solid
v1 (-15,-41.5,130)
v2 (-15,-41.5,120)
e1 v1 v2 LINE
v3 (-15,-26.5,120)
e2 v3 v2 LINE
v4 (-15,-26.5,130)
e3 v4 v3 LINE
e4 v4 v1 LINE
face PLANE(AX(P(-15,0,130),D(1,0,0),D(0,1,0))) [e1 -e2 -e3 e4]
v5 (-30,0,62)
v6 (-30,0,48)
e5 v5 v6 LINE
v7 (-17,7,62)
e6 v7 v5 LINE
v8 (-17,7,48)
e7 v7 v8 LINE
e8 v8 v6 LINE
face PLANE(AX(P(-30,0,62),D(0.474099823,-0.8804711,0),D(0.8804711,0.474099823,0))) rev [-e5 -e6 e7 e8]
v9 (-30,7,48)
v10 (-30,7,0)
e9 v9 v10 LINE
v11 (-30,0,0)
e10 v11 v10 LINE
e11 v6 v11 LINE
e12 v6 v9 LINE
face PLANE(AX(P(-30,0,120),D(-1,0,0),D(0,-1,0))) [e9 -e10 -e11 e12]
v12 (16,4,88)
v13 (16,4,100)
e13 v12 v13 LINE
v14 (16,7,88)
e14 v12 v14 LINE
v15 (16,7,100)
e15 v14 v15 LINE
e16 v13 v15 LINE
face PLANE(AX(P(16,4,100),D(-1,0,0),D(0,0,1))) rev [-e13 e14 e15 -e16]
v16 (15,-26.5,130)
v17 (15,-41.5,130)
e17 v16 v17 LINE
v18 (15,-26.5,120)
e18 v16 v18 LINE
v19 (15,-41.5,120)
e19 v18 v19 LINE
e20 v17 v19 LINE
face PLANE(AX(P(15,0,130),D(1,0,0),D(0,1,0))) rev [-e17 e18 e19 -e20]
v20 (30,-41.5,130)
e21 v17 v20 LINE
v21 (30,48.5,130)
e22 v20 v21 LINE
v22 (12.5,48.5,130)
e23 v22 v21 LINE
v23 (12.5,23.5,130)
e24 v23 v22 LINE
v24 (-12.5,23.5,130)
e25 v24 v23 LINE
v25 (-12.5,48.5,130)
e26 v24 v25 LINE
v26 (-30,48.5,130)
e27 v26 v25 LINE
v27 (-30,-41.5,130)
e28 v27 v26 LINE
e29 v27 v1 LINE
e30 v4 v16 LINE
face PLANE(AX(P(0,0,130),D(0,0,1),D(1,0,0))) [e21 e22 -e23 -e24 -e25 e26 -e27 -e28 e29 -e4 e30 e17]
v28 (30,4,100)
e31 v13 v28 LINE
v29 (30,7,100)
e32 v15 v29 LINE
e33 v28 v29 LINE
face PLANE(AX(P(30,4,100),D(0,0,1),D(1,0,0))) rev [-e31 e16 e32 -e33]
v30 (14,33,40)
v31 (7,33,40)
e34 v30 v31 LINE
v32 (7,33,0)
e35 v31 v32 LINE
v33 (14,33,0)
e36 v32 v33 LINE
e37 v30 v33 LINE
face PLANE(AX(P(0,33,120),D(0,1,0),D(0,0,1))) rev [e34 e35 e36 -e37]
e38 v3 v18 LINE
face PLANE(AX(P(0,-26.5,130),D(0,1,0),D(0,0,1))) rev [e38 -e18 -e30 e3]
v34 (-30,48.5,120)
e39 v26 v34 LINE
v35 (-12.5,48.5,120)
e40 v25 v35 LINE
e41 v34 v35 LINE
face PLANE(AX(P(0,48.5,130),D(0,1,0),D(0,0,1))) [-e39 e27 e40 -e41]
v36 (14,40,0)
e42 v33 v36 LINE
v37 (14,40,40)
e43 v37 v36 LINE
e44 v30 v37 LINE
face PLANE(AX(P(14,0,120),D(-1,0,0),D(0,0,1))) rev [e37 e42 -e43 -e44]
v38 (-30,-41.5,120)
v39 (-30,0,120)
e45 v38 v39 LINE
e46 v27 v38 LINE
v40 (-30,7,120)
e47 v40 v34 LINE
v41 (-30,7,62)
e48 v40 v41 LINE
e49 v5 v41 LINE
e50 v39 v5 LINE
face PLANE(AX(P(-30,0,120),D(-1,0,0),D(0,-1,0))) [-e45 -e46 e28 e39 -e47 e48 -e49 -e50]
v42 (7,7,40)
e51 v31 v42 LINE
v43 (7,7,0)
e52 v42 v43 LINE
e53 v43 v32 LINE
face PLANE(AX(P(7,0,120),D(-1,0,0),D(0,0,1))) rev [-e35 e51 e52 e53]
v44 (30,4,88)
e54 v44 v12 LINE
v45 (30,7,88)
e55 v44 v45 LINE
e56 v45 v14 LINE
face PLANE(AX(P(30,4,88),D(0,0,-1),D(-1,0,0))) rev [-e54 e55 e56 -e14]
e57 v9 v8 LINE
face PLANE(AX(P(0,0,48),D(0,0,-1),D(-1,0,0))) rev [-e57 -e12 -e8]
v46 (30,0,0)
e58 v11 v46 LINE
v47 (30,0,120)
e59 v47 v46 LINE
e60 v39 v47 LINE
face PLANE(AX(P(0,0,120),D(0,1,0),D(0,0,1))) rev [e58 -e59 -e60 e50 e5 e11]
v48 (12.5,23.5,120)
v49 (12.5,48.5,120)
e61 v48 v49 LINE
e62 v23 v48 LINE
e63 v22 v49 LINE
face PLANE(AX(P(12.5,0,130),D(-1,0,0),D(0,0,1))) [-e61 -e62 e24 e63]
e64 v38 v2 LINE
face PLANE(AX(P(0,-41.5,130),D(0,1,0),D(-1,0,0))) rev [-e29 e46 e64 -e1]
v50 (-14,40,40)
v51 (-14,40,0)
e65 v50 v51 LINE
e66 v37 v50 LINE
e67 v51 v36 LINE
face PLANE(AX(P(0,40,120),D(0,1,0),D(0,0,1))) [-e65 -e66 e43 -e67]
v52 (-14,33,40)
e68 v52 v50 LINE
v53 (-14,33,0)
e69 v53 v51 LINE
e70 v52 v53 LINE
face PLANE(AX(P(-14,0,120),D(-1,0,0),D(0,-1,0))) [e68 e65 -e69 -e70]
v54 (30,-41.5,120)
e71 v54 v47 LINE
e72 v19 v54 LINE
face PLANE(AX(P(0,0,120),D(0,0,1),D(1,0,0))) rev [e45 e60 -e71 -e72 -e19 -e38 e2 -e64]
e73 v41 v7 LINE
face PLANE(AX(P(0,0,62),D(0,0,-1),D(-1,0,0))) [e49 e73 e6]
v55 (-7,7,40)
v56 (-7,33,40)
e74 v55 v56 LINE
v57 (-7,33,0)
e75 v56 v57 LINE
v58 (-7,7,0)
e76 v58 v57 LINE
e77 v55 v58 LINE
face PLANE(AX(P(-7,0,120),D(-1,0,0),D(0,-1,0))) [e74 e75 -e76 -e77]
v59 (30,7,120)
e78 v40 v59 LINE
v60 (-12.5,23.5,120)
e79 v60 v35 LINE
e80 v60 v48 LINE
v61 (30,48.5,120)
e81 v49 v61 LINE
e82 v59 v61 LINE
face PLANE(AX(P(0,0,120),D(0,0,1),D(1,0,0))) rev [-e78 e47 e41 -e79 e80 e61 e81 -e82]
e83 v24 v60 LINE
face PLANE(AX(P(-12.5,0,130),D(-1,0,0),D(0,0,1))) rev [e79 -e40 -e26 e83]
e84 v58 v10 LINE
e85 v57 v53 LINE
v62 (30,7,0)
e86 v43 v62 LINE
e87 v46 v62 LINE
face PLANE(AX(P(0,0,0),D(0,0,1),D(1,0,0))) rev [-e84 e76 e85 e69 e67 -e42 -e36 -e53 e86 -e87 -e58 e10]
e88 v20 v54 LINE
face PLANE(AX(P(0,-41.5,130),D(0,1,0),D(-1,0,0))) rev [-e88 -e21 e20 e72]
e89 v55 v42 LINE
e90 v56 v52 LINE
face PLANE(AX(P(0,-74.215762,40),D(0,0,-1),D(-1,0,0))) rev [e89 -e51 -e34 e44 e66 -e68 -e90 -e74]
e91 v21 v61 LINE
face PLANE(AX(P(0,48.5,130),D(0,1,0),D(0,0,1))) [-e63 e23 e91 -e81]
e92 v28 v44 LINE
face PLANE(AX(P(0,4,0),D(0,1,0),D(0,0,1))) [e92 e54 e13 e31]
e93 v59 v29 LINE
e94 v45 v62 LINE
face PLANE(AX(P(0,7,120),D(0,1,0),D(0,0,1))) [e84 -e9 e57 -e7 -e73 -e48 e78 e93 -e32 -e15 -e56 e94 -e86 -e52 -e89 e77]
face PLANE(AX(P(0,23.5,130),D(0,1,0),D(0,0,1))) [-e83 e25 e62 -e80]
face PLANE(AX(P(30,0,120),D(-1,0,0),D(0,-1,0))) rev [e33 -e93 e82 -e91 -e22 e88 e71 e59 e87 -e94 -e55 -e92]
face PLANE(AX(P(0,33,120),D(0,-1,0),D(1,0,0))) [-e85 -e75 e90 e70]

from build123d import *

# Parameters (mm, degrees)
EXTRUDE_1_DEPTH     = 120
CUT_EXTRUDE_1_REACH = 132
SKETCH_3_W          = 14
SKETCH_3_H          = 80
SKETCH_4_W          = 60
SKETCH_4_H          = 7
EXTRUDE_3_DEPTH     = 10
SKETCH_5_W          = 14
SKETCH_5_H          = 12
CUT_EXTRUDE_2_DEPTH = 3
CUT_EXTRUDE_START   = -48
CUT_EXTRUDE_3_DEPTH = 14


with BuildPart() as part:
    # Эскиз1 → Бобышка-Вытянуть1 (new body)
    with BuildSketch(Plane.XY):
        Polygon((7, 7), (7, 33), (14, 33), (14, 40), (0, 40), (0, 0), (30, 0), (30, 7), (23, 7), align=None)
    extrude_1 = extrude(amount=EXTRUDE_1_DEPTH)

    # Вырез-Вытянуть1: up to this face of the body (flat: up to its plane)
    cut_extrude_1_end = Plane(part.part.faces().sort_by_distance((18.5, 7, 60))[0])
    # Эскиз3 → Вырез-Вытянуть1 (cut, up to the picked face)
    with BuildSketch(Plane(origin=(0, 40, 0), x_dir=(1, 0, 0), z_dir=(0, 1, 0)), mode=Mode.PRIVATE) as cut_extrude_1_sk1:
        with Locations((7, -80)):
            Rectangle(SKETCH_3_W, SKETCH_3_H)
    cut_extrude_1_tool1 = split(extrude(cut_extrude_1_sk1.sketch, amount=-CUT_EXTRUDE_1_REACH, mode=Mode.PRIVATE), bisect_by=cut_extrude_1_end, keep=Keep.BOTH, mode=Mode.PRIVATE)
    cut_extrude_1 = cut_extrude_1_tool1.solids().sort_by(Axis((7, 40, 80), (0, -1, 0)))[0]
    add(cut_extrude_1, mode=Mode.SUBTRACT)

    # Зеркальное отражение1: Бобышка-Вытянуть1, Вырез-Вытянуть1 across plane
    add(extrude_1.mirror(Plane(origin=(0, 0, 120), x_dir=(0, 0, 1), z_dir=(-1, 0, 0))))
    add(cut_extrude_1.mirror(Plane(origin=(0, 0, 120), x_dir=(0, 0, 1), z_dir=(-1, 0, 0))), mode=Mode.SUBTRACT)

    # Эскиз4 → Бобышка-Вытянуть3 (add)
    with BuildSketch(Plane.XY.offset(120)):
        Polygon((-30, 0), (-30, -41.5), (-15, -41.5), (-15, -26.5), (15, -26.5), (15, -41.5), (30, -41.5), (30, 0), align=None)
        Polygon((-30, 48.5), (-30, 7), (30, 7), (30, 48.5), (12.5, 48.5), (12.5, 23.5), (-12.5, 23.5), (-12.5, 48.5), align=None)
        with Locations((0, 3.5)):
            Rectangle(SKETCH_4_W, SKETCH_4_H)
    extrude(amount=EXTRUDE_3_DEPTH)

    # Эскиз5 → Вырез-Вытянуть2 (cut)
    with BuildSketch(Plane(origin=(0, 7, 0), x_dir=(1, 0, 0), z_dir=(0, 1, 0))):
        with Locations((23, -94)):
            Rectangle(SKETCH_5_W, SKETCH_5_H)
    extrude(amount=-CUT_EXTRUDE_2_DEPTH, mode=Mode.SUBTRACT)

    # Эскиз6 → Вырез-Вытянуть3 (cut)
    with BuildSketch(Plane(origin=(0, 0, 0), x_dir=(-1, 0, 0), z_dir=(0, 0, -1)).offset(CUT_EXTRUDE_START)):
        Polygon((30, 0), (17, 7), (30, 7), align=None)
    extrude(amount=-CUT_EXTRUDE_3_DEPTH, mode=Mode.SUBTRACT)


solid = part.part
